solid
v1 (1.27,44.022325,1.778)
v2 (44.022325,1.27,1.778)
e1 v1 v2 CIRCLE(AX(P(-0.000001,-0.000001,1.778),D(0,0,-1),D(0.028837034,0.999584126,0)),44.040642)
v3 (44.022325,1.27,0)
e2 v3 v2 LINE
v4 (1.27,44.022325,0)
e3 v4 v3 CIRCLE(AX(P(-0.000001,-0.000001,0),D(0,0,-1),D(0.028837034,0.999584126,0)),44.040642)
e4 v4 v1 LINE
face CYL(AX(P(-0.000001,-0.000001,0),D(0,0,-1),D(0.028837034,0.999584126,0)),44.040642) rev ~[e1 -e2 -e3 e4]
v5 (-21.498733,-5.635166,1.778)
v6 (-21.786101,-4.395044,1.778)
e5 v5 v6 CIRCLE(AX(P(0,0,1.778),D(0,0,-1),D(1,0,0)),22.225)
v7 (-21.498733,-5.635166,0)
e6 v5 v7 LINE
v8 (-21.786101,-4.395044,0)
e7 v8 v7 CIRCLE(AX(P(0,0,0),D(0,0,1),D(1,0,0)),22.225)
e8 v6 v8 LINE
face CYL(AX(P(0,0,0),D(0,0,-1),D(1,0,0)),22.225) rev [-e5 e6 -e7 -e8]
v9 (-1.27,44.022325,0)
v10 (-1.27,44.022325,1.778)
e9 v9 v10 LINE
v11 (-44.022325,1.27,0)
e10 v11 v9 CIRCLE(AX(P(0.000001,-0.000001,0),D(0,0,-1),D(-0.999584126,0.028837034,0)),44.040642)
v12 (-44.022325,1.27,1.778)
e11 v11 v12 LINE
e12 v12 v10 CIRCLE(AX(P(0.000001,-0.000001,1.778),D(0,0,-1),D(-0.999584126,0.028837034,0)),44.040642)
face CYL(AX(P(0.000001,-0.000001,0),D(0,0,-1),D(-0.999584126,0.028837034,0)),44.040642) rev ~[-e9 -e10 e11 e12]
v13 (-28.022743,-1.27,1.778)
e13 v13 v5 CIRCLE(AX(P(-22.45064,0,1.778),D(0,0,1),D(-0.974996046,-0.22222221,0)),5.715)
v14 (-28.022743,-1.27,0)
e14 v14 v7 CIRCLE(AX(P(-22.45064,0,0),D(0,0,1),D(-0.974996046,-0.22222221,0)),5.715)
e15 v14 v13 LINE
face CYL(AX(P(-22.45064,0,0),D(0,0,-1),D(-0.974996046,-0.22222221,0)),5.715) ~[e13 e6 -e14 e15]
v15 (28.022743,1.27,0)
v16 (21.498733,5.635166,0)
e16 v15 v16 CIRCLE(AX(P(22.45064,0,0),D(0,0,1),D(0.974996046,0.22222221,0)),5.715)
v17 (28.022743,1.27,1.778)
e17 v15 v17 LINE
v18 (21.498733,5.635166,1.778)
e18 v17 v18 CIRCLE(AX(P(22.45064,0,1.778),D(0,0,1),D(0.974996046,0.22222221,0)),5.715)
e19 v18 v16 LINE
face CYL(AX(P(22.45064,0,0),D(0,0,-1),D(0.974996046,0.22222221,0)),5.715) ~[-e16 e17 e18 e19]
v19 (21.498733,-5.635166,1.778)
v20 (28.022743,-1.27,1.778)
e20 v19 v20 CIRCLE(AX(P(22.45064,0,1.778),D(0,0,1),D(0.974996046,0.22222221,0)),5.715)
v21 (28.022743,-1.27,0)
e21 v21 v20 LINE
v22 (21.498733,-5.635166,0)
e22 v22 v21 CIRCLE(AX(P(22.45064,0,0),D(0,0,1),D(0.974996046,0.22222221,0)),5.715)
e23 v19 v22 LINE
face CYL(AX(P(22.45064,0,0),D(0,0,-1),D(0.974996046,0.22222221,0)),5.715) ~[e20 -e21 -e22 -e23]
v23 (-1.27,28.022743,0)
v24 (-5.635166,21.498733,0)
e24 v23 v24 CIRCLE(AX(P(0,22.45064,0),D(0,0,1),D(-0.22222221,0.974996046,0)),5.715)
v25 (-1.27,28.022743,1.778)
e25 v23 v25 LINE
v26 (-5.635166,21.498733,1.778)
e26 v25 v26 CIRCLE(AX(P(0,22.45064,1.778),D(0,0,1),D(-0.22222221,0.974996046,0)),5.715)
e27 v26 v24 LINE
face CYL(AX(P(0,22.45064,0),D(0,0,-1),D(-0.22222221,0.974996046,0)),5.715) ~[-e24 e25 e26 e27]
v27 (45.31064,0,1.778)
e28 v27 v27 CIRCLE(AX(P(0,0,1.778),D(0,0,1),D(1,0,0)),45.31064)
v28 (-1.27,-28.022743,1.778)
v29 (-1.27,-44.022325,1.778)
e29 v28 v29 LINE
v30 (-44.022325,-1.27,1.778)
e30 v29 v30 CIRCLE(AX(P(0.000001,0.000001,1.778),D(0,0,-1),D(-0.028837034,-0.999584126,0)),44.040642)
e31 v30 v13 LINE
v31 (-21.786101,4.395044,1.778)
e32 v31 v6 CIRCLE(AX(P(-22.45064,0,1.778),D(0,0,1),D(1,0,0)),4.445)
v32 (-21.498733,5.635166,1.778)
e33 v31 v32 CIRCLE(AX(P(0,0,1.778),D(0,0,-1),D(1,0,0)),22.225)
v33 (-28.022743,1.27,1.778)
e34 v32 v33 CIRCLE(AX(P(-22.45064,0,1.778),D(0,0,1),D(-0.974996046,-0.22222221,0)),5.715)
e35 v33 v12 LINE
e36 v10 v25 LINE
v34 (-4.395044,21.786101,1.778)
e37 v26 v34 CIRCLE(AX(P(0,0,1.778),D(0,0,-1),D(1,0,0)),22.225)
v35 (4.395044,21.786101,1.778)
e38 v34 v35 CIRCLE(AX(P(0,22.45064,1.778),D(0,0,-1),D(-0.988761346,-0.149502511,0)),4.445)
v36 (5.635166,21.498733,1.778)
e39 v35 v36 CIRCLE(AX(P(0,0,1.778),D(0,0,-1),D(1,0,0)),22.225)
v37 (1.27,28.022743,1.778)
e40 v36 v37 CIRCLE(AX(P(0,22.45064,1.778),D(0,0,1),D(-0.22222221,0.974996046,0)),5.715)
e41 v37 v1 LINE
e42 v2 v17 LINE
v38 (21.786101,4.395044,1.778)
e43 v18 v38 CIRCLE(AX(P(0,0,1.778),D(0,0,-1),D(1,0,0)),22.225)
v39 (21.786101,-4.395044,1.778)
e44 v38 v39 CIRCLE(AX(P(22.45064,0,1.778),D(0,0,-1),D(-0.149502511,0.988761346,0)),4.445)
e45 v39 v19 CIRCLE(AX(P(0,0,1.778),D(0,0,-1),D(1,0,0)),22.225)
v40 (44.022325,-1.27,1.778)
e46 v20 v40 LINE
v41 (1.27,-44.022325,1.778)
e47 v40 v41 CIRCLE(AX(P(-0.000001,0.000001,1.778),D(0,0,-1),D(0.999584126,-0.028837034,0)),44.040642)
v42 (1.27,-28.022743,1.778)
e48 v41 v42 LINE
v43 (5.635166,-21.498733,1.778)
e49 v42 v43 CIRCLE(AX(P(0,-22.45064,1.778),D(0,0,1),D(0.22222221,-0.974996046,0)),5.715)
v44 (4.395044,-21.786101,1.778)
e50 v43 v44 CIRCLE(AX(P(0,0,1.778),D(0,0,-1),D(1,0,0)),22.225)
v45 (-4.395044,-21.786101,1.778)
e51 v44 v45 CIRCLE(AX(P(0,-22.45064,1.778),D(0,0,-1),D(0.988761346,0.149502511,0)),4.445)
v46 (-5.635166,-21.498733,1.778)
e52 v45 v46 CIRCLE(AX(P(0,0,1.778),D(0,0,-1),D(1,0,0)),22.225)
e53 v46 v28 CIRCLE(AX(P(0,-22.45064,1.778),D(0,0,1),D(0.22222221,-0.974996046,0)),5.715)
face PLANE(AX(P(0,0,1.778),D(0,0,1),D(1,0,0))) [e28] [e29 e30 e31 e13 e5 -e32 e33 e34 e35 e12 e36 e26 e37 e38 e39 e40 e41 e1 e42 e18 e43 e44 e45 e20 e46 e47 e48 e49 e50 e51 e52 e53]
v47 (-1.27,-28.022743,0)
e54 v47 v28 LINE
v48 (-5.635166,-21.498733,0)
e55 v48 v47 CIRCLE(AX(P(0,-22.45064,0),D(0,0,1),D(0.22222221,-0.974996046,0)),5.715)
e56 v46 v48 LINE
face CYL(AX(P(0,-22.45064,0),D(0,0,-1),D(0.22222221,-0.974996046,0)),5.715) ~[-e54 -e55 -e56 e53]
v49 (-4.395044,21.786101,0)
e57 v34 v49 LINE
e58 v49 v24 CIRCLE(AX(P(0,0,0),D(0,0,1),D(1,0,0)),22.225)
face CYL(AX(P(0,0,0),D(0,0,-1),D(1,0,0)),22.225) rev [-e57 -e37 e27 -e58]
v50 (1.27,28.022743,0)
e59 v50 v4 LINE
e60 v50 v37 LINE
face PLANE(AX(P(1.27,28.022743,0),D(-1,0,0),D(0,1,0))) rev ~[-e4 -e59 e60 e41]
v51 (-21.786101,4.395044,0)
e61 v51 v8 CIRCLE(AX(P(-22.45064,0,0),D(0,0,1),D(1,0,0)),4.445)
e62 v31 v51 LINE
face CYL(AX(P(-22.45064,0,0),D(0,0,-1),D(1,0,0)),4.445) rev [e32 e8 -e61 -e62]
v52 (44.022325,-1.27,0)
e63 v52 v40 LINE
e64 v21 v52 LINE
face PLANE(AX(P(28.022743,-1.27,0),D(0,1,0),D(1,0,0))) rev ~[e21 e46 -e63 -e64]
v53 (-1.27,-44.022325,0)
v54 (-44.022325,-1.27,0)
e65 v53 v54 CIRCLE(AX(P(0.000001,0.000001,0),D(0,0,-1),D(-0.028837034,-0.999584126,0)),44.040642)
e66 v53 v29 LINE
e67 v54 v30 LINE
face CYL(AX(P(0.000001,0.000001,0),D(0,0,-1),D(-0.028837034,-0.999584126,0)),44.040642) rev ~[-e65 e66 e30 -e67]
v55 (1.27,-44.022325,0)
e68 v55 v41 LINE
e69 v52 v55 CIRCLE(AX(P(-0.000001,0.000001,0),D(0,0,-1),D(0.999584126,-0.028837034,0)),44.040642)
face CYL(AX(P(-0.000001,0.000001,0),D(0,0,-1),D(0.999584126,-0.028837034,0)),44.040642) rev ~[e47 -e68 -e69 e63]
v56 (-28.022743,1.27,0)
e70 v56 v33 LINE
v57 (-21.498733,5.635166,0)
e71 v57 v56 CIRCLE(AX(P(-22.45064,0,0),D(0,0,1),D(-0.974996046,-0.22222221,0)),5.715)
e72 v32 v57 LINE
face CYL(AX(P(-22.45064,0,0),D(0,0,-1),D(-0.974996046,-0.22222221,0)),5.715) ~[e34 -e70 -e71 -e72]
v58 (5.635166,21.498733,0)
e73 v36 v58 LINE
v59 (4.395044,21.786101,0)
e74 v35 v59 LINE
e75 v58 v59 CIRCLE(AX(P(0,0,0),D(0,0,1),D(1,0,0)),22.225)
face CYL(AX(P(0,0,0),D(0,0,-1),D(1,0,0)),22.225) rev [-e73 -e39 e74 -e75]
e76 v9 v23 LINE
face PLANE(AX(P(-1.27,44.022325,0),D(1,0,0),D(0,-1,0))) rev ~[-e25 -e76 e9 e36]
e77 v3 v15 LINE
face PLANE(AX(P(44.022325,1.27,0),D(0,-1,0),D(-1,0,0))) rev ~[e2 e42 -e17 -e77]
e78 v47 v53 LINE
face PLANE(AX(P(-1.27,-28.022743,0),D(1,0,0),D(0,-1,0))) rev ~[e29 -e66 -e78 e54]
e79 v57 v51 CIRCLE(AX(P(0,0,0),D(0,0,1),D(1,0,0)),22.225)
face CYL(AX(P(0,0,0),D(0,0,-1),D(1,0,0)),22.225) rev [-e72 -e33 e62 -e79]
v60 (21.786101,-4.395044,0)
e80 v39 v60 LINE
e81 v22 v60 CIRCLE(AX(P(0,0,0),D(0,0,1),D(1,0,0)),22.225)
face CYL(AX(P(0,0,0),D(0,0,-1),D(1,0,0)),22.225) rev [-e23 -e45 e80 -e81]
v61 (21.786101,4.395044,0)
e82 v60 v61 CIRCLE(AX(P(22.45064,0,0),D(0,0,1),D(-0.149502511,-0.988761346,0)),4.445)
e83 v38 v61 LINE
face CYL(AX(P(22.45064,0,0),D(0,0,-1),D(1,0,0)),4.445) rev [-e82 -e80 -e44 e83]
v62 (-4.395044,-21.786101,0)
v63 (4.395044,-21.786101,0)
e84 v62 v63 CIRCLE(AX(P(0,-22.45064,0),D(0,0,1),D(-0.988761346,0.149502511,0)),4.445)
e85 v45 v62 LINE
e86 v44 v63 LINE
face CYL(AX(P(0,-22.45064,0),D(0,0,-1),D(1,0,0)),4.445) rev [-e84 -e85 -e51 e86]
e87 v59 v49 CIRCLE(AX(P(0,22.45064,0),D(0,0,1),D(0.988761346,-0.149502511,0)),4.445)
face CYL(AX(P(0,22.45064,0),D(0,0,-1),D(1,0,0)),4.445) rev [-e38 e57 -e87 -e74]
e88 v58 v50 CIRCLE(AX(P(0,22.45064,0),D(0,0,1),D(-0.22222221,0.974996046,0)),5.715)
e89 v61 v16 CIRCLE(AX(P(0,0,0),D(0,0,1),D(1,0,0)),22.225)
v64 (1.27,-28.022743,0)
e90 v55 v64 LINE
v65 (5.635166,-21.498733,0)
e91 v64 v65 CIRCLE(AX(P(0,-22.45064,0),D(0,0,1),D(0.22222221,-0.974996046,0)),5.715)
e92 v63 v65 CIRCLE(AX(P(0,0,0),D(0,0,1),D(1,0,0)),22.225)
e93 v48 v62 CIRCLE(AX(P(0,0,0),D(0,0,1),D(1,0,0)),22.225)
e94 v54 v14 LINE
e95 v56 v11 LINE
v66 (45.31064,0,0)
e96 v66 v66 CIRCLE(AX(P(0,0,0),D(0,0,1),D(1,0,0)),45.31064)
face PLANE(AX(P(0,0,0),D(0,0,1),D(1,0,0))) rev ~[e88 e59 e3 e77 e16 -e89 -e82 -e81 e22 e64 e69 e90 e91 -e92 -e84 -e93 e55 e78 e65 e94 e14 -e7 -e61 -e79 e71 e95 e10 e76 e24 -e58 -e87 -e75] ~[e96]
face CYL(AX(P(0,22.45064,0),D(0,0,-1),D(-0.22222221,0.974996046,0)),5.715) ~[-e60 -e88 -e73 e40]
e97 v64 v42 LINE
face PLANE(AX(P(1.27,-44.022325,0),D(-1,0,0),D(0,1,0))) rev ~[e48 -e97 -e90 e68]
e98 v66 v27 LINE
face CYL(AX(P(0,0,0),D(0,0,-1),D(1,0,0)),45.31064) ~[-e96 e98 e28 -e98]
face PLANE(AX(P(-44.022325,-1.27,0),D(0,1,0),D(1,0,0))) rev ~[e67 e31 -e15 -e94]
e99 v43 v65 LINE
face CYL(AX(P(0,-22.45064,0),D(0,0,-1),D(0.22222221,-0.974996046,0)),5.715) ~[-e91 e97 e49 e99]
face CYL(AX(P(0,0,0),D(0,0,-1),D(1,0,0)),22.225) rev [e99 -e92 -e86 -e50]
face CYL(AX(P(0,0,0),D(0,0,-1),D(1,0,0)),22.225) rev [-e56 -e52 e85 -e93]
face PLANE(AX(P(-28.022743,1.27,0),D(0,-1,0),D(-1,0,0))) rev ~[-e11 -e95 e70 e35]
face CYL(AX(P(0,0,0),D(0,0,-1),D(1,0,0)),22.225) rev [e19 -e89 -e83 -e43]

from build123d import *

# Parameters (mm, degrees)
F0_R     = 45.31064
F0_R_2   = 4.445
F1_DEPTH = 1.778
F2_R     = 22.225
F3_DEPTH = 12.7


with BuildPart() as f1:
    # F0 (on Top) → F1 (new body)
    with BuildSketch(Plane.XY):
        Circle(F0_R)
        with Locations((0, -22.45064)):
            Circle(F0_R_2, mode=Mode.SUBTRACT)
        with Locations((-22.45064, 0)):
            Circle(F0_R_2, mode=Mode.SUBTRACT)
        with BuildLine():
            Line((-1.27, 44.022325), (-1.27, 28.022743))
            ThreePointArc((-1.27, 28.022743), (0, 16.73564), (1.27, 28.022743))
            Line((1.27, 28.022743), (1.27, 44.022325))
            ThreePointArc((1.27, 44.022325), (31.141435, 31.141435), (44.022325, 1.27))
            Line((44.022325, 1.27), (28.022743, 1.27))
            ThreePointArc((28.022743, 1.27), (16.73564, 0), (28.022743, -1.27))
            Line((28.022743, -1.27), (44.022325, -1.27))
            ThreePointArc((44.022325, -1.27), (31.141435, -31.141435), (1.27, -44.022325))
            Line((1.27, -44.022325), (1.27, -28.022743))
            ThreePointArc((1.27, -28.022743), (0, -16.73564), (-1.27, -28.022743))
            Line((-1.27, -28.022743), (-1.27, -44.022325))
            ThreePointArc((-1.27, -44.022325), (-31.141435, -31.141435), (-44.022325, -1.27))
            Line((-44.022325, -1.27), (-28.022743, -1.27))
            ThreePointArc((-28.022743, -1.27), (-16.73564, 0), (-28.022743, 1.27))
            Line((-28.022743, 1.27), (-44.022325, 1.27))
            ThreePointArc((-44.022325, 1.27), (-31.141435, 31.141435), (-1.27, 44.022325))
        make_face(mode=Mode.SUBTRACT)
        with Locations((22.45064, 0)):
            Circle(F0_R_2, mode=Mode.SUBTRACT)
        with Locations((0, 22.45064)):
            Circle(F0_R_2, mode=Mode.SUBTRACT)
    extrude(amount=F1_DEPTH)

    # F2 (on Top) → F3 (cut)
    with BuildSketch(Plane.XY):
        Circle(F2_R)
    extrude(amount=F3_DEPTH, mode=Mode.SUBTRACT)


solid = f1.part
